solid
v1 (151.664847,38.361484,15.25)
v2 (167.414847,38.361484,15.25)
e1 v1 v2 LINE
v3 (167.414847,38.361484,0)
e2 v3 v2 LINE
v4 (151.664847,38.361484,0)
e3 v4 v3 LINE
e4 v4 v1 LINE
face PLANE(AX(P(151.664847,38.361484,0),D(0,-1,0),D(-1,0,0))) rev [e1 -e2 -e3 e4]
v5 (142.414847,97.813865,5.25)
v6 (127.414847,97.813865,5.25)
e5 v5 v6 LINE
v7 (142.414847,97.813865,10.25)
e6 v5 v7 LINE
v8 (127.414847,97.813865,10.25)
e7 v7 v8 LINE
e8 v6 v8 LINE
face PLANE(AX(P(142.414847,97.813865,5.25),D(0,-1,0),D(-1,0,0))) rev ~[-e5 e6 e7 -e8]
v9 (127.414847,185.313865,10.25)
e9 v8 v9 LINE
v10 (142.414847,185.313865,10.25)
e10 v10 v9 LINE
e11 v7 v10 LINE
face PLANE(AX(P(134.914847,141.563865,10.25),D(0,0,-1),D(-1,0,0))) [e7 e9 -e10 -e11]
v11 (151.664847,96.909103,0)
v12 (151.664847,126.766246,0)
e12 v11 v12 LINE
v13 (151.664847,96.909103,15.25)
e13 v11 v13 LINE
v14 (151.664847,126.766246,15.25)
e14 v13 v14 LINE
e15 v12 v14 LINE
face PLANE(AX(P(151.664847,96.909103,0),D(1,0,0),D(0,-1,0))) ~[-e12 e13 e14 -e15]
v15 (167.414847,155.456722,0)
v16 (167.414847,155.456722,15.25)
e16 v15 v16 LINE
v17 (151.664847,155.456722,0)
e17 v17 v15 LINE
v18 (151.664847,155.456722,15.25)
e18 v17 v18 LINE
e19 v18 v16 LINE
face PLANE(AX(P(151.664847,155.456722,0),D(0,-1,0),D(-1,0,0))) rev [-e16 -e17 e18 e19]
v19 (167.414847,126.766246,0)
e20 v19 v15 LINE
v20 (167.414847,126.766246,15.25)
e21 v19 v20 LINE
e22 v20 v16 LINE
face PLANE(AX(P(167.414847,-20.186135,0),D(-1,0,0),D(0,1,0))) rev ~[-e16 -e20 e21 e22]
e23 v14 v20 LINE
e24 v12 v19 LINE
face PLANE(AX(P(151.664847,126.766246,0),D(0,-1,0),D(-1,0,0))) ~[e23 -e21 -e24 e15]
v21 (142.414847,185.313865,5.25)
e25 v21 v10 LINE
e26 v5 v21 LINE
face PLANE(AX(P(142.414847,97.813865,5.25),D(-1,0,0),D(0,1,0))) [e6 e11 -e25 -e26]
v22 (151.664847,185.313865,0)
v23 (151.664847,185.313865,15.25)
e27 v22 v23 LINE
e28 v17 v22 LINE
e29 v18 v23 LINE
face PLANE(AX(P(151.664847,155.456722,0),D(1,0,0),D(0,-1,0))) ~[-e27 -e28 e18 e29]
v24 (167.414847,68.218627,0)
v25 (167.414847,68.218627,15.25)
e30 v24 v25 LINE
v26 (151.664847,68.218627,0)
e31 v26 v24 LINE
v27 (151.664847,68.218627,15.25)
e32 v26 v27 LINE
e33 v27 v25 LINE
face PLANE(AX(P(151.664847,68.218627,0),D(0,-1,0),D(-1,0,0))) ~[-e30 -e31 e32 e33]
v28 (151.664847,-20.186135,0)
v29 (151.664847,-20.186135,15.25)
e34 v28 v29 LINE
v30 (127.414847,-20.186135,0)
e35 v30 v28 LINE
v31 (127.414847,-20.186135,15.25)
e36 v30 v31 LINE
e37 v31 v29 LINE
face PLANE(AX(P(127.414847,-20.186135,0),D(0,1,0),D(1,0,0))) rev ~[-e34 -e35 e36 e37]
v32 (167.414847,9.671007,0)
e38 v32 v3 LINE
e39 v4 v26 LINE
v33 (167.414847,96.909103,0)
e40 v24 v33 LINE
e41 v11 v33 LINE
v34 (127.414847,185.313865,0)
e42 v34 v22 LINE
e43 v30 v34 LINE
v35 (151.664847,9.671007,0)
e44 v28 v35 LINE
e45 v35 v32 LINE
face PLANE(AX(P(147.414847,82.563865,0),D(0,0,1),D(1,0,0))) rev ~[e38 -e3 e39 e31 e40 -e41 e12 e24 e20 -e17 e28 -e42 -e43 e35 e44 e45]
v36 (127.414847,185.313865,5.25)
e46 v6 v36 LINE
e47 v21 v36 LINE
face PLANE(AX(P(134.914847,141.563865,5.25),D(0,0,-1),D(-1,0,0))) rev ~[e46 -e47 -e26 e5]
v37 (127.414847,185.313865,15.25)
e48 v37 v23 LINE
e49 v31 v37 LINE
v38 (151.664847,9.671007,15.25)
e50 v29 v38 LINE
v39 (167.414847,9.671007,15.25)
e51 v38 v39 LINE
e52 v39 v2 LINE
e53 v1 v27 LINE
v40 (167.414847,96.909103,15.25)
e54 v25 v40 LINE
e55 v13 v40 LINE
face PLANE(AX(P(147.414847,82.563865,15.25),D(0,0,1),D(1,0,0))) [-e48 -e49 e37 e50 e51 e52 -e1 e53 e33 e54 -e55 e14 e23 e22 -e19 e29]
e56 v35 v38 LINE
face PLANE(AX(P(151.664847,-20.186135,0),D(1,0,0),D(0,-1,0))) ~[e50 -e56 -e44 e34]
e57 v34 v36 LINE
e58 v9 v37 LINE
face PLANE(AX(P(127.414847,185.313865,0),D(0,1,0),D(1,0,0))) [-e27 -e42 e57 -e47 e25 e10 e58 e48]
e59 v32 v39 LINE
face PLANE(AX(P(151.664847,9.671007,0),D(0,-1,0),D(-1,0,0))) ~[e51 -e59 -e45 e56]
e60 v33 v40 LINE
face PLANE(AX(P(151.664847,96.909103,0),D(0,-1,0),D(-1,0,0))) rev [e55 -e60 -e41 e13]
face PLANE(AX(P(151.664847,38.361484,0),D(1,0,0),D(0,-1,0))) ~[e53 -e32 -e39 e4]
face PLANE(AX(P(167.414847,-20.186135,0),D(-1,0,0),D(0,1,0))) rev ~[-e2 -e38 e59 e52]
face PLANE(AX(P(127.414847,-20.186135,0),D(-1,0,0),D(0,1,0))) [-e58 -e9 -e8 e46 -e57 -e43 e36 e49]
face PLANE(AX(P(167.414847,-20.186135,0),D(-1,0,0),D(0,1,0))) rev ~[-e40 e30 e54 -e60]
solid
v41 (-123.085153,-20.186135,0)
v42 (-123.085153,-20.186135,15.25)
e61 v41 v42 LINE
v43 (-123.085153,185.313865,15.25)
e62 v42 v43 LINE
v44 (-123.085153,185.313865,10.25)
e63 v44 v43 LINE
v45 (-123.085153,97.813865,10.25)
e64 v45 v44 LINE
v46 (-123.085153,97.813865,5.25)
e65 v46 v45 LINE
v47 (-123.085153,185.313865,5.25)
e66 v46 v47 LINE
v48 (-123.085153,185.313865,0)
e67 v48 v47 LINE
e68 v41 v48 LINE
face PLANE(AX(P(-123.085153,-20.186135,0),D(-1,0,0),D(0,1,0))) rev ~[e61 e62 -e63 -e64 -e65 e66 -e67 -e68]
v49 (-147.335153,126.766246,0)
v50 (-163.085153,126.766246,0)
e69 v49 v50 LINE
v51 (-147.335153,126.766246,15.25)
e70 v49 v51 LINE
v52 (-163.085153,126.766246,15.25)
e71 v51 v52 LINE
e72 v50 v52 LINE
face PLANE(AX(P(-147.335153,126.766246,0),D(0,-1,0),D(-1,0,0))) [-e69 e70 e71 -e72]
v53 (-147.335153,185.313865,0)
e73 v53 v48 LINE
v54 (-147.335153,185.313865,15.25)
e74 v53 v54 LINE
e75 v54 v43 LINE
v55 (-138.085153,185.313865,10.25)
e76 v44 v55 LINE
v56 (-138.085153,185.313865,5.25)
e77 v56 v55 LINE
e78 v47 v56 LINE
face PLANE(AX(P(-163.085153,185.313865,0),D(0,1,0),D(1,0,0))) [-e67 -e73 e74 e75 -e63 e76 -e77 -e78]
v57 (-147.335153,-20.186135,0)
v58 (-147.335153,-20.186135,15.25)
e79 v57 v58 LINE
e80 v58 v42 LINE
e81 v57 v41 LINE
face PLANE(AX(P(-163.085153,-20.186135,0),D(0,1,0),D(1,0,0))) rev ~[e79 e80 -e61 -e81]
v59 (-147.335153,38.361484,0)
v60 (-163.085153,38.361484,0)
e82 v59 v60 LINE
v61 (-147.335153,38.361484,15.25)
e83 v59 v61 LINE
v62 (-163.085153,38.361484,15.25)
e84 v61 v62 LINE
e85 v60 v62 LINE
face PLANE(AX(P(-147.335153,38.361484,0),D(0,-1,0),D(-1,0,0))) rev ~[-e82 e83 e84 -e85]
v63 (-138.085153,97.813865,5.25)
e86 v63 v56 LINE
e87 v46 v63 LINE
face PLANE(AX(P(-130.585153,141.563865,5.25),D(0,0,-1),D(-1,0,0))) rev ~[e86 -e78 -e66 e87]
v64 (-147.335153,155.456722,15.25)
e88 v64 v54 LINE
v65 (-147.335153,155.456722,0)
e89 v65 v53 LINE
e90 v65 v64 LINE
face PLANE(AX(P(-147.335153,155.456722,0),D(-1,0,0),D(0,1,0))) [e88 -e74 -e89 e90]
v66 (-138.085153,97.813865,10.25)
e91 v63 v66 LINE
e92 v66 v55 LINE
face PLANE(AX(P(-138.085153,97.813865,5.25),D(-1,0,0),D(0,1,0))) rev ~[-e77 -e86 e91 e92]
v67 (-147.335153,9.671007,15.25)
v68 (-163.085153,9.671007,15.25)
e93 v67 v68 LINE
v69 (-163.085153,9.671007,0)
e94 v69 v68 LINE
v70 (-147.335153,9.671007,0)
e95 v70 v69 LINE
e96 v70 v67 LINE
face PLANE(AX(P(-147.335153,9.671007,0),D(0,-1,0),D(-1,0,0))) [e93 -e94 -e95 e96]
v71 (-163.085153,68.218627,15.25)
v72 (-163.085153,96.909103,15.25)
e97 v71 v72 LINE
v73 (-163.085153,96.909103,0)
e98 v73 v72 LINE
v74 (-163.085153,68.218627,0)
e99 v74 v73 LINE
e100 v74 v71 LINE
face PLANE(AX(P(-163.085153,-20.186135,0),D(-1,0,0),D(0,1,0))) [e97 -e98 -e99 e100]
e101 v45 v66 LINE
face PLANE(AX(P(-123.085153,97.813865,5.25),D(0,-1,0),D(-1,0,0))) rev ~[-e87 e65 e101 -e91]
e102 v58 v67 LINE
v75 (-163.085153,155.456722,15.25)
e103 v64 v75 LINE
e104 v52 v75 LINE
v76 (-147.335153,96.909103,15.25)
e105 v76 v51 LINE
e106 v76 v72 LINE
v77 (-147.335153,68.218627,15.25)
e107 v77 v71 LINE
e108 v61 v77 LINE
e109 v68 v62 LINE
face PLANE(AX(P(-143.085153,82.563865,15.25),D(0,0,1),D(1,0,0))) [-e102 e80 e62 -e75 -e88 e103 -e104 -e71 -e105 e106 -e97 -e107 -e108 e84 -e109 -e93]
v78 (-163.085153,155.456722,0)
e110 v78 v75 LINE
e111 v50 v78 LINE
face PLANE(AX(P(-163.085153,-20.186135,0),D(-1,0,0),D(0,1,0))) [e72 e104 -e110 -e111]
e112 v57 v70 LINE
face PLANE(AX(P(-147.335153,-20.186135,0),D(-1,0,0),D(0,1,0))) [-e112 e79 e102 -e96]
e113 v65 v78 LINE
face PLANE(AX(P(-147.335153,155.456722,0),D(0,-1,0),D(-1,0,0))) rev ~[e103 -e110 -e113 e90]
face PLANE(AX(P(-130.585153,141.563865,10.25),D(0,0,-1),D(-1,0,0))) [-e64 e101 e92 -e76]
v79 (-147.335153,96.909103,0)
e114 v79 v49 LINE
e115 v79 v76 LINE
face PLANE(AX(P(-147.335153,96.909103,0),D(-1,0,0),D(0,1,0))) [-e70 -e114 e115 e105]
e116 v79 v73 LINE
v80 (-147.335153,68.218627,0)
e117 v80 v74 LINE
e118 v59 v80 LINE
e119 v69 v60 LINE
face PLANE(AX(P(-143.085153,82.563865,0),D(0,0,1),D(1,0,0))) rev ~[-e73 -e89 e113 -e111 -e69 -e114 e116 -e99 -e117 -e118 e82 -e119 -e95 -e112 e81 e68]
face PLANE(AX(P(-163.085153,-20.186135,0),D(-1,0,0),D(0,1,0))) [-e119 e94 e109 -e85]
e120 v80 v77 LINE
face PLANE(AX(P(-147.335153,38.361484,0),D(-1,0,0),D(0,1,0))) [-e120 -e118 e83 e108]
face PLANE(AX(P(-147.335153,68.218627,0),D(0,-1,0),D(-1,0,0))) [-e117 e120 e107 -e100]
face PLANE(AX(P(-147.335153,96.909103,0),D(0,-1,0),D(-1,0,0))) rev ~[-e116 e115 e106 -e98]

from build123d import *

# Parameters (mm, degrees)
ESQUISSE1_W             = 40
ESQUISSE1_H             = 205.5
BOSS_EXTRU_1_DEPTH      = 15.25
BOSS_EXTRU_1_2_DEPTH    = 15.25
ENL_V_START             = -5.25
ESQUISSE2_W             = 15
ESQUISSE2_H             = 87.5
ENL_V_MAT_EXTRU_1_DEPTH = 5
ESQUISSE3_W             = 15.75
ESQUISSE3_H             = 29.857142857
ESQUISSE3_H_2           = 29.857142858
ENL_V_MAT_EXTRU_2_DEPTH = 15.25


with BuildPart() as part:
    # Esquisse1 → Boss.-Extru.1 (new body)
    with BuildSketch(Plane.XY):
        with Locations((-143.085152838, 82.563864629)):
            Rectangle(ESQUISSE1_W, ESQUISSE1_H)
    extrude(amount=BOSS_EXTRU_1_DEPTH)


with BuildPart() as body_2:
    # Esquisse1 → Boss.-Extru.1 2 (new body)
    with BuildSketch(Plane.XY):
        with Locations((147.414847162, 82.563864629)):
            Rectangle(ESQUISSE1_W, ESQUISSE1_H)
    extrude(amount=BOSS_EXTRU_1_2_DEPTH)


with BuildPart() as enl_v_mat_extru_1_tool:
    # Esquisse2 → Enlèv. mat.-Extru.1 (new body)
    with BuildSketch(Plane(origin=(0, 0, 0), x_dir=(-1, 0, 0), z_dir=(0, 0, -1)).offset(ENL_V_START)):
        with Locations((130.585152838, 141.563864629)):
            Rectangle(ESQUISSE2_W, ESQUISSE2_H)
        with Locations((-134.914847162, 141.563864629)):
            Rectangle(ESQUISSE2_W, ESQUISSE2_H)
    extrude(amount=-ENL_V_MAT_EXTRU_1_DEPTH)


with BuildPart() as part_1:
    add(part.part)

    # Enlèv. mat.-Extru.1: cut by enl_v_mat_extru_1_tool
    add(enl_v_mat_extru_1_tool.part, mode=Mode.SUBTRACT)

    # Esquisse3 → Enlèv. mat.-Extru.2 (cut)
    with BuildSketch(Plane(origin=(0, 0, 0), x_dir=(-1, 0, 0), z_dir=(0, 0, -1))):
        with Locations((155.210152838, 170.385293201)):
            Rectangle(ESQUISSE3_W, ESQUISSE3_H)
        with Locations((155.210152838, 111.837674152)):
            Rectangle(ESQUISSE3_W, ESQUISSE3_H)
        with Locations((155.210152838, 53.290055105)):
            Rectangle(ESQUISSE3_W, ESQUISSE3_H_2)
        with Locations((155.210152838, -5.257563943)):
            Rectangle(ESQUISSE3_W, ESQUISSE3_H)
    enl_v_mat_extru_2 = extrude(amount=-ENL_V_MAT_EXTRU_2_DEPTH, mode=Mode.SUBTRACT)


with BuildPart() as body_2_1:
    add(body_2.part)

    # Enlèv. mat.-Extru.1: cut by enl_v_mat_extru_1_tool
    add(enl_v_mat_extru_1_tool.part, mode=Mode.SUBTRACT)

    # Symétrie3: Enlèv. mat.-Extru.2 across plane
    add(enl_v_mat_extru_2.mirror(Plane.ZY.offset(-2.164847162)), mode=Mode.SUBTRACT)


solid = Compound([part_1.part, body_2_1.part])
